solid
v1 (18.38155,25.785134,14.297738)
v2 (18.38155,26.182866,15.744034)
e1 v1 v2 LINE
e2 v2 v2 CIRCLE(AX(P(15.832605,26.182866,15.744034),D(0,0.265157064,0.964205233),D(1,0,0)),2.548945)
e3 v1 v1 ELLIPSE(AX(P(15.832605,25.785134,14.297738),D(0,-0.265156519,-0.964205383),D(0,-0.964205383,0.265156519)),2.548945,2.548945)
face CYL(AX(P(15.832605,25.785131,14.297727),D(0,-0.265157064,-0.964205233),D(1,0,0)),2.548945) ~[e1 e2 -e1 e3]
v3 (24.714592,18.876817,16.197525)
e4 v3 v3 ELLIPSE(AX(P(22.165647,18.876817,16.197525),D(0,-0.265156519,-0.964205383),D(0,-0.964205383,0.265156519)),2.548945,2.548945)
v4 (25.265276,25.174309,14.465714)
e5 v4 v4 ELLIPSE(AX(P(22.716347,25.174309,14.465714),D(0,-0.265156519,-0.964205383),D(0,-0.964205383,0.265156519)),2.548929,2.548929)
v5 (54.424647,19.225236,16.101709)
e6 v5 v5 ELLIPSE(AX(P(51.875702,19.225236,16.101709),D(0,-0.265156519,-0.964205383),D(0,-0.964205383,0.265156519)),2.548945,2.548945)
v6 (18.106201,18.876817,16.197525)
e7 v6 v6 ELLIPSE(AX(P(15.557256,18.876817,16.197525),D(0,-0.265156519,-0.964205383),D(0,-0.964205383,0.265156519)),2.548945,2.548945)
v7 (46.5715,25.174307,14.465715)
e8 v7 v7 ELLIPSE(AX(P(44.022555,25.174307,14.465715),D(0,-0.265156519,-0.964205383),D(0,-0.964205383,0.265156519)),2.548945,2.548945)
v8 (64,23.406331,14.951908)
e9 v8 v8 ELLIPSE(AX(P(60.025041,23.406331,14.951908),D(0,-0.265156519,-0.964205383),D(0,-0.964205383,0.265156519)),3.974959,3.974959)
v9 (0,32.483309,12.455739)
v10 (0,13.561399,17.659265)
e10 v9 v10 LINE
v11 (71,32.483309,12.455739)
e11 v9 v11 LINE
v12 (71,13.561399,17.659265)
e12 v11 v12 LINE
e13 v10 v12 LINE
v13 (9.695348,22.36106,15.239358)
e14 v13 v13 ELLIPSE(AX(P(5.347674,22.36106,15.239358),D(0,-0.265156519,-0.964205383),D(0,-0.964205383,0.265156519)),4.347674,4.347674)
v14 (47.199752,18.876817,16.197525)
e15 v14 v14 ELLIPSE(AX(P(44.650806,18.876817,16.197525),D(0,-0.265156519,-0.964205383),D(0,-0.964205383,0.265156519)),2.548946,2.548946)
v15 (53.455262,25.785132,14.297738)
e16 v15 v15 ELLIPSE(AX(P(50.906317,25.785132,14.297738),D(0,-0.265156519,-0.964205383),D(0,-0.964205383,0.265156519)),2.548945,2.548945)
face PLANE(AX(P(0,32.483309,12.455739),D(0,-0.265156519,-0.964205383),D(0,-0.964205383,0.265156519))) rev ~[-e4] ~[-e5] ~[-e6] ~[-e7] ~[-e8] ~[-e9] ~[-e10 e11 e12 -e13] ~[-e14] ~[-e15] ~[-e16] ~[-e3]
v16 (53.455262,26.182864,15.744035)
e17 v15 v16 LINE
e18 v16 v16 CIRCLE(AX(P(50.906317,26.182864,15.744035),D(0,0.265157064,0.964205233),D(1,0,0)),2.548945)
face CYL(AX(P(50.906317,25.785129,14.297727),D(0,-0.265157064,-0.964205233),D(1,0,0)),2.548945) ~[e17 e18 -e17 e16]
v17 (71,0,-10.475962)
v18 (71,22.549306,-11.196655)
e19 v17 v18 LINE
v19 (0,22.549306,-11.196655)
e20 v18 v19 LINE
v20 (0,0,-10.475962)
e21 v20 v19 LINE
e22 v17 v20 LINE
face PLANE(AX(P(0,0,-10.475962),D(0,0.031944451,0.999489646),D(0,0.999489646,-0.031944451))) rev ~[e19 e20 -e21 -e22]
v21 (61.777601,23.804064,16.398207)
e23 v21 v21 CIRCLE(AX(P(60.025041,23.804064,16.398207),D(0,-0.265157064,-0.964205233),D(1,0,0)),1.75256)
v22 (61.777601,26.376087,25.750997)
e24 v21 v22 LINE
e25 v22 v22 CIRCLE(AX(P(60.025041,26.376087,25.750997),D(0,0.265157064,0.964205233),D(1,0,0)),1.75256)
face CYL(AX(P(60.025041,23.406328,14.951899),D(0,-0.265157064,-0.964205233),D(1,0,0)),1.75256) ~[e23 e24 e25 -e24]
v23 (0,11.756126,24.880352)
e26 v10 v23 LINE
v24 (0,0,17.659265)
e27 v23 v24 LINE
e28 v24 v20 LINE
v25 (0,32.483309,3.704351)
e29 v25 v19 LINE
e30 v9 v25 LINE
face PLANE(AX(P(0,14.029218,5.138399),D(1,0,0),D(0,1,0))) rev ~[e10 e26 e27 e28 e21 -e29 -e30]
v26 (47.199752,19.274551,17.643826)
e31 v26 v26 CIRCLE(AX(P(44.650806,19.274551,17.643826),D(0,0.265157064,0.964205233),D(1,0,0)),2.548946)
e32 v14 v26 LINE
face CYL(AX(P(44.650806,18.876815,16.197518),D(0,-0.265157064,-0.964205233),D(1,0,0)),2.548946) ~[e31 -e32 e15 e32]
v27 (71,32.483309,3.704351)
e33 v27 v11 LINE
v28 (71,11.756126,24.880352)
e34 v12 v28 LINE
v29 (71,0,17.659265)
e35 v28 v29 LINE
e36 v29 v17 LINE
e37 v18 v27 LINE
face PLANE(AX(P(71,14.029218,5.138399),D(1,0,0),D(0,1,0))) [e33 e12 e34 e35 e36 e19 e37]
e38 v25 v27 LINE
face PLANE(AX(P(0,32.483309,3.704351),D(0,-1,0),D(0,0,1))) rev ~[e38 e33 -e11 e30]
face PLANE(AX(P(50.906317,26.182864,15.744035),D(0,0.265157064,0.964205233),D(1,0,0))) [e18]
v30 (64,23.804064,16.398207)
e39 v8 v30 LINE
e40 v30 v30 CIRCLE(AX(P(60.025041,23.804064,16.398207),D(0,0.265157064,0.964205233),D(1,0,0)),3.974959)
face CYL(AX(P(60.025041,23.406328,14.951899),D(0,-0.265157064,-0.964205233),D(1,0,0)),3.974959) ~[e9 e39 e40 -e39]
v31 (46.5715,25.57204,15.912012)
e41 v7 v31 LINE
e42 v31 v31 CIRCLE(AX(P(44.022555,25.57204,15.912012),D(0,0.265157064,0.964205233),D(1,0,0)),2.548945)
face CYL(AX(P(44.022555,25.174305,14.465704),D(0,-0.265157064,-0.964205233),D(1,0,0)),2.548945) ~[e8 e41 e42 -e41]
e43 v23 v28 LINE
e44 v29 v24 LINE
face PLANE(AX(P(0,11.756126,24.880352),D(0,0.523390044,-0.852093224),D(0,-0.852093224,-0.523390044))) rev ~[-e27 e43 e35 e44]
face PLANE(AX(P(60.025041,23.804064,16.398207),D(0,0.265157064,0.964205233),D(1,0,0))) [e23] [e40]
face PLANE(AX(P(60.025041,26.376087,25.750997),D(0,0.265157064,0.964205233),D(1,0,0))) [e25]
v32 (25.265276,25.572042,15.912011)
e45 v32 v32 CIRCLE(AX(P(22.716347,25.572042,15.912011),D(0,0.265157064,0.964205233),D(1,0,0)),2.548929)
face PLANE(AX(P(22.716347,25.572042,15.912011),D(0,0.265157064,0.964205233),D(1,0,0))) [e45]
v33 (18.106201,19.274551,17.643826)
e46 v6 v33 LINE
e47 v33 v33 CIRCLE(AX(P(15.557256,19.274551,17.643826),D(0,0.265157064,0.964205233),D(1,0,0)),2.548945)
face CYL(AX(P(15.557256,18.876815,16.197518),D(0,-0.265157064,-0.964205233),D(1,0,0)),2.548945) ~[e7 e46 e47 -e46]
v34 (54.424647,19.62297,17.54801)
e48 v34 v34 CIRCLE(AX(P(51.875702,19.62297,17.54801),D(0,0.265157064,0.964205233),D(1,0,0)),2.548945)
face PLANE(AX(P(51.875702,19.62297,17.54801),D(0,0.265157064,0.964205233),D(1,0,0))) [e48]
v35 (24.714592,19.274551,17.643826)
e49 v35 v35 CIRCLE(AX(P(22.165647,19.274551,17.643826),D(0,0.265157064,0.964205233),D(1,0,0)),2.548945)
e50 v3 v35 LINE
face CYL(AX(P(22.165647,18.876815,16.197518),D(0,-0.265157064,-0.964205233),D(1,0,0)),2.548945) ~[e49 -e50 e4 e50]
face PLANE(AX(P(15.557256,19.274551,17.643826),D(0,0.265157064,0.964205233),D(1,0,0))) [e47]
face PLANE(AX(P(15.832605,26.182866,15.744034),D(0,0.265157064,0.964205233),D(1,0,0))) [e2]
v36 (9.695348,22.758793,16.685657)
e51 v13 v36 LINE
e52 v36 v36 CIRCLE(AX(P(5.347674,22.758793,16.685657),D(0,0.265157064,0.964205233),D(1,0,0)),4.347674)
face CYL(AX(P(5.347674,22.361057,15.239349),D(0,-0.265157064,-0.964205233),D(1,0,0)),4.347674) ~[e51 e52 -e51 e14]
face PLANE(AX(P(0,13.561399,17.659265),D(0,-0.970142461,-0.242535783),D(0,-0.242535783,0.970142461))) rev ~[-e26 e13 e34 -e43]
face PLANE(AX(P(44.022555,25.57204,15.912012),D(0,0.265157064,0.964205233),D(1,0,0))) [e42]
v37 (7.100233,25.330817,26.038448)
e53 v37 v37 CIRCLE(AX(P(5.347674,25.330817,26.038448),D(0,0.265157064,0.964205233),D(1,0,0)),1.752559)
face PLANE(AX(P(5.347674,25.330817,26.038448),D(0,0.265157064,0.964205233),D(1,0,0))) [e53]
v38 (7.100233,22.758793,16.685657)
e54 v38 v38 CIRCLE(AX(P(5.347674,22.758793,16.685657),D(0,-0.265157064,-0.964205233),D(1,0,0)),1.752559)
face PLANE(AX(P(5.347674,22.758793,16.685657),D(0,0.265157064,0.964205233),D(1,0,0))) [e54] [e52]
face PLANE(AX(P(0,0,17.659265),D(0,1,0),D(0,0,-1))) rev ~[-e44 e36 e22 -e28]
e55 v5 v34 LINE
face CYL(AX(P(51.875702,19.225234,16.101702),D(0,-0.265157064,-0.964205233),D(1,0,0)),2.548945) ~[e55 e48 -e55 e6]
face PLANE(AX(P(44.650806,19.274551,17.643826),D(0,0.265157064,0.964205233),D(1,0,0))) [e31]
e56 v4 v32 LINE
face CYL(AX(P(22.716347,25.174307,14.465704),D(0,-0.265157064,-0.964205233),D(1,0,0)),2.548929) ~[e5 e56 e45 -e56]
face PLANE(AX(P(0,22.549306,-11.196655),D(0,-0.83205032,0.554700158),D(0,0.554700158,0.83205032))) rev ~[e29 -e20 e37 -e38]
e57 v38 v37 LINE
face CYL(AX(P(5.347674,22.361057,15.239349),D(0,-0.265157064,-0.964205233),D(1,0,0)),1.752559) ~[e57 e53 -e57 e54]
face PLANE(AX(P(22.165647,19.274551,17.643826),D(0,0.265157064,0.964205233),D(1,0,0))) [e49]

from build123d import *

# Parameters (mm, degrees)
F1_DEPTH = 65
F2_R     = 2
F3_R     = 2.548945
F3_R_2   = 2.548946
F3_R_3   = 2.548929
F3_R_4   = 4.347674
F3_R_5   = 3.974959
F4_DEPTH = 1.5
F5_R     = 1.75256
F5_R_2   = 1.752559
F6_DEPTH = 11.2
F7_DEPTH = 71


with BuildPart() as f1:
    # F0 (on Right) → F1 (new body)
    with BuildSketch(Plane.YZ):
        Polygon((0, -10.475962), (22.549306, -11.196655), (32.483309, 3.704351), (32.483309, 12.455739), (13.561399, 17.659265), (11.756126, 24.880352), (0, 17.659265), align=None)
    extrude(amount=F1_DEPTH)

    # F2
    f2_edges = [f1.edges().sort_by_distance(p)[0] for p in [
        (32.5, 32.483309, 3.704351),
        (32.5, 32.483309, 12.455739),
    ]]
    fillet(f2_edges, radius=F2_R)

    # F3 (on face) → F4 (join)
    with BuildSketch(Plane(origin=(0, 5.468337, 19.884858), x_dir=(1, 0, 0), z_dir=(0, 0.265157, 0.964205))):
        with Locations((50.906317, 21.071024)):
            Circle(F3_R)
        with Locations((44.022555, 20.437524)):
            Circle(F3_R)
        with Locations((44.650806, 13.906249)):
            Circle(F3_R_2)
        with Locations((51.875702, 14.267603)):
            Circle(F3_R)
        with Locations((22.165647, 13.906249)):
            Circle(F3_R)
        with Locations((15.557256, 13.906249)):
            Circle(F3_R)
        with Locations((15.832605, 21.071026)):
            Circle(F3_R)
        with Locations((22.716347, 20.437526)):
            Circle(F3_R_3)
        with Locations((5.347674, 17.519839)):
            Circle(F3_R_4)
        with Locations((60.025041, 18.603914)):
            Circle(F3_R_5)
    extrude(amount=F4_DEPTH)

    # F5 (on face) → F6 (join)
    with BuildSketch(Plane(origin=(0, 5.468337, 19.884858), x_dir=(1, 0, 0), z_dir=(0, 0.265157, 0.964205))):
        with Locations((60.025041, 18.603914)):
            Circle(F5_R)
        with Locations((5.347674, 17.519839)):
            Circle(F5_R_2)
    extrude(amount=F6_DEPTH)

    # F0 (on Right) → F7 (join)
    with BuildSketch(Plane.YZ):
        Polygon((0, -10.475962), (22.549306, -11.196655), (32.483309, 3.704351), (32.483309, 12.455739), (13.561399, 17.659265), (11.756126, 24.880352), (0, 17.659265), align=None)
    extrude(amount=F7_DEPTH)


solid = f1.part
